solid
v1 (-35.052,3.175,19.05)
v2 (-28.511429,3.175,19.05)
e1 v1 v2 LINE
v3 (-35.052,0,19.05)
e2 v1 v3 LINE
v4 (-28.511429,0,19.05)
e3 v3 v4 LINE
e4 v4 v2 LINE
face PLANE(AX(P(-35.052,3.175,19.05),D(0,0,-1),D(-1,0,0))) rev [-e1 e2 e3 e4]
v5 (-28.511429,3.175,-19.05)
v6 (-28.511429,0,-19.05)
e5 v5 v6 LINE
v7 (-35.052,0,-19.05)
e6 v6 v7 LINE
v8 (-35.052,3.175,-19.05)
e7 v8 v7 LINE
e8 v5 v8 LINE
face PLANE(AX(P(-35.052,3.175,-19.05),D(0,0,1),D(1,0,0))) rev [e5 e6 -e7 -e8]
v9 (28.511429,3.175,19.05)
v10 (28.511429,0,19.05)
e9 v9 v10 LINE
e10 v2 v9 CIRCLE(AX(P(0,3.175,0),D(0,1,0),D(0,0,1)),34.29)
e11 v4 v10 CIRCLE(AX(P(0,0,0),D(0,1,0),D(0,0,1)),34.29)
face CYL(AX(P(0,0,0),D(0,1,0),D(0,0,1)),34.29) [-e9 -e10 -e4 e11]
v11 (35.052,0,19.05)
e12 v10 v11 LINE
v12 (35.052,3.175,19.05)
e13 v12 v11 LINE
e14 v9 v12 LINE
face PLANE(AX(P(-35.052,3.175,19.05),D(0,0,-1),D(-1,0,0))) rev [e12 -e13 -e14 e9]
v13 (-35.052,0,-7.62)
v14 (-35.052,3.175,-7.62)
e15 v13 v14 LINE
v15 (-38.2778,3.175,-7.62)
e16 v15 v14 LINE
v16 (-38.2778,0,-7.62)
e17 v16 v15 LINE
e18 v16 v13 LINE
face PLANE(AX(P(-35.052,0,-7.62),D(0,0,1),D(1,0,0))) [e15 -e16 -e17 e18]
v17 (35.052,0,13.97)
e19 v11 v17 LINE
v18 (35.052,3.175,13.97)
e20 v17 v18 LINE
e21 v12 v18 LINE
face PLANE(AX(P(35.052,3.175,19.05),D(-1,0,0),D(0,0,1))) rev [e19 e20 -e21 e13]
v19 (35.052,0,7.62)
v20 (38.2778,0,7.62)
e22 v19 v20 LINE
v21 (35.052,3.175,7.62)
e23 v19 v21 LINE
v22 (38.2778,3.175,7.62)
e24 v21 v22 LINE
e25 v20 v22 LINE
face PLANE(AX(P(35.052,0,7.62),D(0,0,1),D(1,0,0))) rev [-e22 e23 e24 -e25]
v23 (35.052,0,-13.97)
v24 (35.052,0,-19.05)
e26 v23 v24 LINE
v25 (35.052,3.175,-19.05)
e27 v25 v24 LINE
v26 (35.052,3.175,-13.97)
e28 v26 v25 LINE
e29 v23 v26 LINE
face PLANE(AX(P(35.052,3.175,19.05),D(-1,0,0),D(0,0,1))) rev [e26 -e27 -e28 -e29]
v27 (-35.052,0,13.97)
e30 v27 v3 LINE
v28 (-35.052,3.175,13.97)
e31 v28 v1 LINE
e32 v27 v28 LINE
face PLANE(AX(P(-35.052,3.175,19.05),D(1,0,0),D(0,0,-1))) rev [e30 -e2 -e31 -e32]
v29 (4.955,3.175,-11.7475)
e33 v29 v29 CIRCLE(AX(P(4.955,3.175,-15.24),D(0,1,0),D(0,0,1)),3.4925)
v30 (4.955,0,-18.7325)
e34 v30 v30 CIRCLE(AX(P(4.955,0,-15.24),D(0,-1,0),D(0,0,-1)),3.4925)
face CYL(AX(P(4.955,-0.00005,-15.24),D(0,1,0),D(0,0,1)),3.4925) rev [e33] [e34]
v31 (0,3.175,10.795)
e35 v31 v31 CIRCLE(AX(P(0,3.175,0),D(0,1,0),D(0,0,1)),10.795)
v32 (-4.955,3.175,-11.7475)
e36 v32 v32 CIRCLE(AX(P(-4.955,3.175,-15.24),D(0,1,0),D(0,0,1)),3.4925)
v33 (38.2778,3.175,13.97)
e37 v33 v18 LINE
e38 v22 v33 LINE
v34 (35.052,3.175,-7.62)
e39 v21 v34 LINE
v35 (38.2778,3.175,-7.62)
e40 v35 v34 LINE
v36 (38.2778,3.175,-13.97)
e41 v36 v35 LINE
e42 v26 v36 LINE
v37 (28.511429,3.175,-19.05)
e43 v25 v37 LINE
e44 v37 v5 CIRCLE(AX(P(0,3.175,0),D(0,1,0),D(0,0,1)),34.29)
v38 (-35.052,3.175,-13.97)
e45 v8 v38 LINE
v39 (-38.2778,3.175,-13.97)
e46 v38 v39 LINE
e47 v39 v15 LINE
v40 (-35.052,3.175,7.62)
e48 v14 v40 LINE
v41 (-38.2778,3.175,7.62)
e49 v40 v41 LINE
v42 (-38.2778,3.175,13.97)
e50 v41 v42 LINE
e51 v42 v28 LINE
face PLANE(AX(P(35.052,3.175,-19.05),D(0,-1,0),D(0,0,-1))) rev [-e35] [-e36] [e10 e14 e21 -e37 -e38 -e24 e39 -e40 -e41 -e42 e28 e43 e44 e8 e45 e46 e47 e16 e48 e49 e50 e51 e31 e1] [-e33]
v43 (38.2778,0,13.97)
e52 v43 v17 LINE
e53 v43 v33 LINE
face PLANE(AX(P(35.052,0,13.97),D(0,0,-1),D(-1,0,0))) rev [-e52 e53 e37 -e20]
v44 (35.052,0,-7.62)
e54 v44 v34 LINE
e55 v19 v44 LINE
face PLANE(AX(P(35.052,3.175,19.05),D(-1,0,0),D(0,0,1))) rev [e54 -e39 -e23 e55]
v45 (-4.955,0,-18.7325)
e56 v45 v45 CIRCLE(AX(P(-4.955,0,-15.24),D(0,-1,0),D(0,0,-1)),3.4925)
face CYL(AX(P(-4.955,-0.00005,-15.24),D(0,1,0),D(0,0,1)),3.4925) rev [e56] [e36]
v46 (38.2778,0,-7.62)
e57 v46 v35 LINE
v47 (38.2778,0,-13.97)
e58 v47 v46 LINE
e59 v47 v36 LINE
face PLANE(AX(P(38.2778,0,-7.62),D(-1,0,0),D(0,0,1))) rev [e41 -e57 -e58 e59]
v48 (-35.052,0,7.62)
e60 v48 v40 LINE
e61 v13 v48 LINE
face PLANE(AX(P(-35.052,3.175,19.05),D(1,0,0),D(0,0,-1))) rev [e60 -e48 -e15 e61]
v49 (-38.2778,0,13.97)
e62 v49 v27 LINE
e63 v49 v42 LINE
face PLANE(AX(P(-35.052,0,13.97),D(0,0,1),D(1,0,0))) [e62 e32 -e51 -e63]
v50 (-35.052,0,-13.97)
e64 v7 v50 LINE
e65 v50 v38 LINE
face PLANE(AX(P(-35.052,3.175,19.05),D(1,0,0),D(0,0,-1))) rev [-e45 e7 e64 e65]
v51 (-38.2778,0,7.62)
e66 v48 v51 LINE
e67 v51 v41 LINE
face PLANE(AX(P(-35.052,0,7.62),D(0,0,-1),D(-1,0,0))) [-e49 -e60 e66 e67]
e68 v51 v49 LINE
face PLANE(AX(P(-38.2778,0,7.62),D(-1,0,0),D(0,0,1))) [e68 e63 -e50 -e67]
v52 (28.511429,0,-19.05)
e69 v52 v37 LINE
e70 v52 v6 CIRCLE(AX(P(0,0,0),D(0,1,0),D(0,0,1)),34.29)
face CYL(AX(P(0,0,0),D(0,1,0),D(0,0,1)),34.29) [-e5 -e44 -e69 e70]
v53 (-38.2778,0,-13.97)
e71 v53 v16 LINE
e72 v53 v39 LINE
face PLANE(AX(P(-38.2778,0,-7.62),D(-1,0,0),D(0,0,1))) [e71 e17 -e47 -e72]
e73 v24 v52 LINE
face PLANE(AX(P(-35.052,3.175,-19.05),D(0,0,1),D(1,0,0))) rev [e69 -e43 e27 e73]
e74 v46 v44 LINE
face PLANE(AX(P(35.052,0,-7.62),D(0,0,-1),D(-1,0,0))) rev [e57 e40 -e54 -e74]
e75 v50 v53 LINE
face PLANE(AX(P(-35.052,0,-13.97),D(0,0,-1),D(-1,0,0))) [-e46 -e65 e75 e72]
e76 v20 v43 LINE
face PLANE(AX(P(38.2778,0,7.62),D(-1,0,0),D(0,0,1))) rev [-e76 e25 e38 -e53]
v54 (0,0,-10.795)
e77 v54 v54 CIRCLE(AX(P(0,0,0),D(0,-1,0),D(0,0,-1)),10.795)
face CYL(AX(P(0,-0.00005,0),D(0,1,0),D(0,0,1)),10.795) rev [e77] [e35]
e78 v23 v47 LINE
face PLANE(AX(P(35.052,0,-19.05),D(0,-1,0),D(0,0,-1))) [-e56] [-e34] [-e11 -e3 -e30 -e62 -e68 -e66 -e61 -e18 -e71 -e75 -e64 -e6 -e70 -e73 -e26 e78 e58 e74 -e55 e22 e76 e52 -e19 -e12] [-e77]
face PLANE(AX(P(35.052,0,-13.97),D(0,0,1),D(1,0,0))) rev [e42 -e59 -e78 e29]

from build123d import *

# Parameters (mm, degrees)
SKETCH1_W                  = 70.104
SKETCH1_H                  = 38.1
RECTANGULAR_BASE_DEPTH     = 3.175
SKETCH2_R                  = 34.29
CIRCULAR_BASE_ADD_ON_DEPTH = 3.175
SKETCH4_W                  = 3.2258
SKETCH4_H                  = 6.35
TAB_DEPTH                  = 3.175
SKETCH5_R                  = 10.795
CUT_EXTRUDE1_DEPTH         = 4.175
SKETCH6_R                  = 3.4925
CUT_FOR_SCREW_ACCESS_DEPTH = 4.175


with BuildPart() as part:
    # Sketch1 → rectangular base (new body)
    with BuildSketch(Plane(origin=(0, 0, 0), x_dir=(1, 0, 0), z_dir=(0, 1, 0))):
        Rectangle(SKETCH1_W, SKETCH1_H)
    extrude(amount=RECTANGULAR_BASE_DEPTH)

    # Sketch2 → circular base add on (add)
    with BuildSketch(Plane(origin=(0, 3.175, 0), x_dir=(1, 0, 0), z_dir=(0, 1, 0))):
        Circle(SKETCH2_R)
    extrude(amount=-CIRCULAR_BASE_ADD_ON_DEPTH)

    # Sketch4 → tab (add)
    with BuildSketch(Plane(origin=(0, 3.175, 0), x_dir=(1, 0, 0), z_dir=(0, 1, 0))):
        with Locations((-36.6649, 10.795)):
            Rectangle(SKETCH4_W, SKETCH4_H)
        with Locations((-36.6649, -10.795)):
            Rectangle(SKETCH4_W, SKETCH4_H)
    tab = extrude(amount=-TAB_DEPTH)

    # Mirror1: tab across plane
    add(tab.mirror(Plane(origin=(0, 0, 0), x_dir=(0, 0, 1), z_dir=(1, 0, 0))))

    # Sketch5 → Cut-Extrude1 (cut, through all)
    with BuildSketch(Plane(origin=(0, 3.175, 0), x_dir=(1, 0, 0), z_dir=(0, 1, 0))):
        Circle(SKETCH5_R)
    extrude(amount=-CUT_EXTRUDE1_DEPTH, mode=Mode.SUBTRACT)

    # Sketch6 → cut for screw access (cut, through all)
    with BuildSketch(Plane(origin=(0, 3.175, 0), x_dir=(1, 0, 0), z_dir=(0, 1, 0))):
        with Locations((4.955, 15.24)):
            Circle(SKETCH6_R)
        with Locations((-4.955, 15.24)):
            Circle(SKETCH6_R)
    extrude(amount=-CUT_FOR_SCREW_ACCESS_DEPTH, mode=Mode.SUBTRACT)


solid = part.part
